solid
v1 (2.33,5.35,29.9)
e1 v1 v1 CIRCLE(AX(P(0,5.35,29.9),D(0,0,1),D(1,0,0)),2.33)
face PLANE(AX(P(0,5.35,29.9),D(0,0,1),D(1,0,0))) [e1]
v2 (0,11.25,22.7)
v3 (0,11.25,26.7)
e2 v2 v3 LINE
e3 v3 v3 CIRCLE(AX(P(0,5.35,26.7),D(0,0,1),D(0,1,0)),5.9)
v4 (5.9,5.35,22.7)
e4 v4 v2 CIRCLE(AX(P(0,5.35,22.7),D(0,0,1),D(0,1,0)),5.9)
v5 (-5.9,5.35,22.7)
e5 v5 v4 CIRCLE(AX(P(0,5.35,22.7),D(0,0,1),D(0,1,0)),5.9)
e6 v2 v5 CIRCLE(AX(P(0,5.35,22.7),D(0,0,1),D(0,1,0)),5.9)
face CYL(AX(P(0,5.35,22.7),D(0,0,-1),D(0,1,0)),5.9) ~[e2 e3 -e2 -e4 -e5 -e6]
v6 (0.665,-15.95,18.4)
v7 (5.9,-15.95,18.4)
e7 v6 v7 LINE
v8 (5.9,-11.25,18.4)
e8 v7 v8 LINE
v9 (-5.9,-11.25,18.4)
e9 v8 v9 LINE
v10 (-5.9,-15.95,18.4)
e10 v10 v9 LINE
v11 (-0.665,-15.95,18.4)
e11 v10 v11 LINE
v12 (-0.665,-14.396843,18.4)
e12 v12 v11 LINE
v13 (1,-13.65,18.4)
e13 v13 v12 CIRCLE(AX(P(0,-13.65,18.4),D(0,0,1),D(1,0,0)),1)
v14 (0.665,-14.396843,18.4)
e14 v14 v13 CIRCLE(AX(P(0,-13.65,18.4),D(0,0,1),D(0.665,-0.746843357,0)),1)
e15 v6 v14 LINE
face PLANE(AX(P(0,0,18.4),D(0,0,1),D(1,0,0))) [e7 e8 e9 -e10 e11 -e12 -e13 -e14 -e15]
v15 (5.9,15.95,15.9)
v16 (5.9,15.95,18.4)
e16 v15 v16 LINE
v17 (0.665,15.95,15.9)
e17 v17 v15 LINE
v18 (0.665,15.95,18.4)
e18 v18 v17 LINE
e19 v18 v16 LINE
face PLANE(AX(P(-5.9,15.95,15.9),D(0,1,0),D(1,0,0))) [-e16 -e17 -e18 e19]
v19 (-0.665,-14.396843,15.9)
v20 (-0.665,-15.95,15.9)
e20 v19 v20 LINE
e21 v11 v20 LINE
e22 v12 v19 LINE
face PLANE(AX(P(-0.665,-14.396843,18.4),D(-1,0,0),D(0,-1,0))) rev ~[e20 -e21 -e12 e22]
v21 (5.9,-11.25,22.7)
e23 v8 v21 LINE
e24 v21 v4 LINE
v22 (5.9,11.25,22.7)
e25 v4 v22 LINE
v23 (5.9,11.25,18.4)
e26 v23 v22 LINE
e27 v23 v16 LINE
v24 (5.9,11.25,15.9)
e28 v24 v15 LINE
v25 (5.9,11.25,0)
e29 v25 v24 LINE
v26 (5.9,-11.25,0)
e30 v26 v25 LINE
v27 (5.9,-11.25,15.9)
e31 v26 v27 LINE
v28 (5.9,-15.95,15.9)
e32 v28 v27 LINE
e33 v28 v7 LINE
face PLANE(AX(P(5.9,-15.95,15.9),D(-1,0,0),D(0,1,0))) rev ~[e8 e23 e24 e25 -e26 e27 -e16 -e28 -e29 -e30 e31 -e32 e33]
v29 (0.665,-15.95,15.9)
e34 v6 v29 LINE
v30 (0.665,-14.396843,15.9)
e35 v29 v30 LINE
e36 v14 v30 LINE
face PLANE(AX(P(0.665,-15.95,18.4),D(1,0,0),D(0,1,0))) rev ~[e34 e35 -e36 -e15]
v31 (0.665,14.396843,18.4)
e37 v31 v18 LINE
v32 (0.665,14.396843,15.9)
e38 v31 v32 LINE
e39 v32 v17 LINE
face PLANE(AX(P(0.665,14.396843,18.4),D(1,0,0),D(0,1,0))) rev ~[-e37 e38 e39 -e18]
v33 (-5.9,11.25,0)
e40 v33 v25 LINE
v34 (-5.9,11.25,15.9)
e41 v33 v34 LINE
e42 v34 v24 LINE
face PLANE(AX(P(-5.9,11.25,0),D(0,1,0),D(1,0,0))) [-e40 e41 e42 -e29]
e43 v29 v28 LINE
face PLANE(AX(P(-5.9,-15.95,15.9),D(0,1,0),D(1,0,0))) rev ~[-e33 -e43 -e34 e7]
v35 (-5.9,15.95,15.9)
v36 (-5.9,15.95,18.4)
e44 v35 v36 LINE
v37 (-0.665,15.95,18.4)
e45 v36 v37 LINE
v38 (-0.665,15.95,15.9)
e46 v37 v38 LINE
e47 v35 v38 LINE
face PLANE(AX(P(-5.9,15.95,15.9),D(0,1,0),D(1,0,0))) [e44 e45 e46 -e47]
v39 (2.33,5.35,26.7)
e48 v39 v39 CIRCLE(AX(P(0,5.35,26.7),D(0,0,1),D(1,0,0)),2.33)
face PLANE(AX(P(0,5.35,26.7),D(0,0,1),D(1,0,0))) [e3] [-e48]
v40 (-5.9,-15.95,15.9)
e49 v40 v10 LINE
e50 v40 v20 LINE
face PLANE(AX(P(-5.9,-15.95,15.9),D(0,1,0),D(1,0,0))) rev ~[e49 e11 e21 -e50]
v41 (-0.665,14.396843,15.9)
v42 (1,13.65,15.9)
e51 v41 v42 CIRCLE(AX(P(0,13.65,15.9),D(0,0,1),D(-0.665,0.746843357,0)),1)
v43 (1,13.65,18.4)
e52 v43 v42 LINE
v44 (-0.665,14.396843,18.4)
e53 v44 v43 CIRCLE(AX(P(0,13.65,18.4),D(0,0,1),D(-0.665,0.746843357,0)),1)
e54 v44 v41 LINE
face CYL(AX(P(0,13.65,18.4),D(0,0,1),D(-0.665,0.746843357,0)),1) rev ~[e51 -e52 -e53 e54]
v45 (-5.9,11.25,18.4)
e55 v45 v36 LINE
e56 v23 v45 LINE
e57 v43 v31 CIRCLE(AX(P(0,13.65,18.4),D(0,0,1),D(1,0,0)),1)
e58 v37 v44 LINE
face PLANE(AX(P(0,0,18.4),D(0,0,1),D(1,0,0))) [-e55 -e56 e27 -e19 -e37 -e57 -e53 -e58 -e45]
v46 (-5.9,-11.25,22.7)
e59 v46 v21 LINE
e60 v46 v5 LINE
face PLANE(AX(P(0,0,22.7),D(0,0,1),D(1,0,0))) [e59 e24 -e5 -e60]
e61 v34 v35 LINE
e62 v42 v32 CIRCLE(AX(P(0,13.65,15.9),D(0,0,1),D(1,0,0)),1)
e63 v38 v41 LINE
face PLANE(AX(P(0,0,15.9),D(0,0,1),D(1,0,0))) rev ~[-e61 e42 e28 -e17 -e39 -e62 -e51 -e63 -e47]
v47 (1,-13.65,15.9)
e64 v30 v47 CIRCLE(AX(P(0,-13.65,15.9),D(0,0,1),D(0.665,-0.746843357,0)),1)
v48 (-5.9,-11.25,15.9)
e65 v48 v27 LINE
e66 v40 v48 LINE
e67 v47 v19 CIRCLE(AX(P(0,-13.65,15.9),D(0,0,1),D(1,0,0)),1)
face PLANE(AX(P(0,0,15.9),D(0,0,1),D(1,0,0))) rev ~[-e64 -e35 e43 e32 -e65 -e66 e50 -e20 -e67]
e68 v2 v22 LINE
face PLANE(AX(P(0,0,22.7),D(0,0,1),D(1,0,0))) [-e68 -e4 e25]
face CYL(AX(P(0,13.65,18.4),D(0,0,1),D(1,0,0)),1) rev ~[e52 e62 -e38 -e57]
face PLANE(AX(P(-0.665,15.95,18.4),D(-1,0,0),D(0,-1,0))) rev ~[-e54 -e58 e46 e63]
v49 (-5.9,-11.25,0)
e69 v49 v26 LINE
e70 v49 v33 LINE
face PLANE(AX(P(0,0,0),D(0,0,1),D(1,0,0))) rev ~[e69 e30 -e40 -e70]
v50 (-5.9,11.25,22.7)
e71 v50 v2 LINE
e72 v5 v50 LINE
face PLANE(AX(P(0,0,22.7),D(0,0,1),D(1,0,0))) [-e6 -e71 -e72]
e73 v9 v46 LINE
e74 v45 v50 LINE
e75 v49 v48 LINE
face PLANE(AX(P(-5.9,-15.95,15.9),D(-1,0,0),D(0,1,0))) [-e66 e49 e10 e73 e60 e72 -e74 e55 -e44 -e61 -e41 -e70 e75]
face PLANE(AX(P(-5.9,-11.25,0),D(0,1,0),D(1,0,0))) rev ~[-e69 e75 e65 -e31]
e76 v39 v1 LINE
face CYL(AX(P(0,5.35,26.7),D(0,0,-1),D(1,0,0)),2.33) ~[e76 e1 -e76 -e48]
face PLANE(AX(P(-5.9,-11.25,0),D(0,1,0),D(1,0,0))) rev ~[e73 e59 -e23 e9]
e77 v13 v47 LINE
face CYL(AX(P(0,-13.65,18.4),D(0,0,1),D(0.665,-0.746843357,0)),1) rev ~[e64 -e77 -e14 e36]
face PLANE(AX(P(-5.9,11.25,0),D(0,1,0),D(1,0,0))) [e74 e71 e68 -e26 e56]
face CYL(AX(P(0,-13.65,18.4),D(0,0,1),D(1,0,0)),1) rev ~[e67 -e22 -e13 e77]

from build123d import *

# Parameters (mm, degrees)
F0_W      = 11.8
F0_H      = 22.5
F1_DEPTH  = 15.9
F2_W      = 11.8
F2_H      = 31.9
F3_DEPTH  = 2.5
F5_DEPTH  = 2.5
F6_DEPTH  = 22.7
F8_DEPTH  = 4
F9_R      = 2.33
F10_DEPTH = 3.2


with BuildPart() as f1:
    # F0 (on Top) → F1 (new body)
    with BuildSketch(Plane.XY):
        Rectangle(F0_W, F0_H)
    extrude(amount=F1_DEPTH)

    # F2 (on face) → F3 (join)
    with BuildSketch(Plane.XY.offset(15.9)):
        Rectangle(F2_W, F2_H)
    extrude(amount=F3_DEPTH)

    # F4 (on face) → F5 (cut)
    with BuildSketch(Plane.XY.offset(18.4)):
        with BuildLine():
            ThreePointArc((-0.665, 14.3968433571), (-0.4092676386, 12.7375856205), (1, 13.65))
            ThreePointArc((1, 13.65), (0.9124143795, 14.0592676386), (0.665, 14.3968433571))
            Line((0.665, 14.3968433571), (0.665, 13.65))
            Line((0.665, 13.65), (-0.665, 13.65))
            Line((-0.665, 13.65), (-0.665, 14.3968433571))
        make_face()
        with BuildLine():
            Line((0.665, 13.65), (0.665, 14.3968433571))
            ThreePointArc((0.665, 14.3968433571), (0, 14.65), (-0.665, 14.3968433571))
            Line((-0.665, 14.3968433571), (-0.665, 13.65))
            Line((-0.665, 13.65), (0.665, 13.65))
        make_face()
        with BuildLine():
            ThreePointArc((-0.665, 14.3968433571), (0, 14.65), (0.665, 14.3968433571))
            Line((0.665, 14.3968433571), (0.665, 15.95))
            Line((0.665, 15.95), (-0.665, 15.95))
            Line((-0.665, 15.95), (-0.665, 14.3968433571))
        make_face()
        with BuildLine():
            ThreePointArc((0.665, -14.3968433571), (0.9124143795, -14.0592676386), (1, -13.65))
            ThreePointArc((1, -13.65), (-0.4092676386, -12.7375856205), (-0.665, -14.3968433571))
            Line((-0.665, -14.3968433571), (-0.665, -13.65))
            Line((-0.665, -13.65), (0.665, -13.65))
            Line((0.665, -13.65), (0.665, -14.3968433571))
        make_face()
        with BuildLine():
            Line((-0.665, -13.65), (-0.665, -14.3968433571))
            ThreePointArc((-0.665, -14.3968433571), (0, -14.65), (0.665, -14.3968433571))
            Line((0.665, -14.3968433571), (0.665, -13.65))
            Line((0.665, -13.65), (-0.665, -13.65))
        make_face()
        with BuildLine():
            ThreePointArc((0.665, -14.3968433571), (0, -14.65), (-0.665, -14.3968433571))
            Line((-0.665, -14.3968433571), (-0.665, -15.95))
            Line((-0.665, -15.95), (0.665, -15.95))
            Line((0.665, -15.95), (0.665, -14.3968433571))
        make_face()
    extrude(amount=-F5_DEPTH, mode=Mode.SUBTRACT)

    # F0 (on Top) → F6 (join)
    with BuildSketch(Plane.XY):
        Rectangle(F0_W, F0_H)
    extrude(amount=F6_DEPTH)

    # F7 (on face) → F8 (join)
    with BuildSketch(Plane.XY.offset(22.7)):
        with BuildLine():
            ThreePointArc((-5.9, 5.35), (0, -0.55), (5.9, 5.35))
            ThreePointArc((5.9, 5.35), (4.171930009, 9.521930009), (0, 11.25))
            ThreePointArc((0, 11.25), (-4.171930009, 9.521930009), (-5.9, 5.35))
        make_face()
    extrude(amount=F8_DEPTH)

    # F9 (on face) → F10 (join)
    with BuildSketch(Plane.XY.offset(26.7)):
        with Locations((0, 5.35)):
            Circle(F9_R)
    extrude(amount=F10_DEPTH)


solid = f1.part
